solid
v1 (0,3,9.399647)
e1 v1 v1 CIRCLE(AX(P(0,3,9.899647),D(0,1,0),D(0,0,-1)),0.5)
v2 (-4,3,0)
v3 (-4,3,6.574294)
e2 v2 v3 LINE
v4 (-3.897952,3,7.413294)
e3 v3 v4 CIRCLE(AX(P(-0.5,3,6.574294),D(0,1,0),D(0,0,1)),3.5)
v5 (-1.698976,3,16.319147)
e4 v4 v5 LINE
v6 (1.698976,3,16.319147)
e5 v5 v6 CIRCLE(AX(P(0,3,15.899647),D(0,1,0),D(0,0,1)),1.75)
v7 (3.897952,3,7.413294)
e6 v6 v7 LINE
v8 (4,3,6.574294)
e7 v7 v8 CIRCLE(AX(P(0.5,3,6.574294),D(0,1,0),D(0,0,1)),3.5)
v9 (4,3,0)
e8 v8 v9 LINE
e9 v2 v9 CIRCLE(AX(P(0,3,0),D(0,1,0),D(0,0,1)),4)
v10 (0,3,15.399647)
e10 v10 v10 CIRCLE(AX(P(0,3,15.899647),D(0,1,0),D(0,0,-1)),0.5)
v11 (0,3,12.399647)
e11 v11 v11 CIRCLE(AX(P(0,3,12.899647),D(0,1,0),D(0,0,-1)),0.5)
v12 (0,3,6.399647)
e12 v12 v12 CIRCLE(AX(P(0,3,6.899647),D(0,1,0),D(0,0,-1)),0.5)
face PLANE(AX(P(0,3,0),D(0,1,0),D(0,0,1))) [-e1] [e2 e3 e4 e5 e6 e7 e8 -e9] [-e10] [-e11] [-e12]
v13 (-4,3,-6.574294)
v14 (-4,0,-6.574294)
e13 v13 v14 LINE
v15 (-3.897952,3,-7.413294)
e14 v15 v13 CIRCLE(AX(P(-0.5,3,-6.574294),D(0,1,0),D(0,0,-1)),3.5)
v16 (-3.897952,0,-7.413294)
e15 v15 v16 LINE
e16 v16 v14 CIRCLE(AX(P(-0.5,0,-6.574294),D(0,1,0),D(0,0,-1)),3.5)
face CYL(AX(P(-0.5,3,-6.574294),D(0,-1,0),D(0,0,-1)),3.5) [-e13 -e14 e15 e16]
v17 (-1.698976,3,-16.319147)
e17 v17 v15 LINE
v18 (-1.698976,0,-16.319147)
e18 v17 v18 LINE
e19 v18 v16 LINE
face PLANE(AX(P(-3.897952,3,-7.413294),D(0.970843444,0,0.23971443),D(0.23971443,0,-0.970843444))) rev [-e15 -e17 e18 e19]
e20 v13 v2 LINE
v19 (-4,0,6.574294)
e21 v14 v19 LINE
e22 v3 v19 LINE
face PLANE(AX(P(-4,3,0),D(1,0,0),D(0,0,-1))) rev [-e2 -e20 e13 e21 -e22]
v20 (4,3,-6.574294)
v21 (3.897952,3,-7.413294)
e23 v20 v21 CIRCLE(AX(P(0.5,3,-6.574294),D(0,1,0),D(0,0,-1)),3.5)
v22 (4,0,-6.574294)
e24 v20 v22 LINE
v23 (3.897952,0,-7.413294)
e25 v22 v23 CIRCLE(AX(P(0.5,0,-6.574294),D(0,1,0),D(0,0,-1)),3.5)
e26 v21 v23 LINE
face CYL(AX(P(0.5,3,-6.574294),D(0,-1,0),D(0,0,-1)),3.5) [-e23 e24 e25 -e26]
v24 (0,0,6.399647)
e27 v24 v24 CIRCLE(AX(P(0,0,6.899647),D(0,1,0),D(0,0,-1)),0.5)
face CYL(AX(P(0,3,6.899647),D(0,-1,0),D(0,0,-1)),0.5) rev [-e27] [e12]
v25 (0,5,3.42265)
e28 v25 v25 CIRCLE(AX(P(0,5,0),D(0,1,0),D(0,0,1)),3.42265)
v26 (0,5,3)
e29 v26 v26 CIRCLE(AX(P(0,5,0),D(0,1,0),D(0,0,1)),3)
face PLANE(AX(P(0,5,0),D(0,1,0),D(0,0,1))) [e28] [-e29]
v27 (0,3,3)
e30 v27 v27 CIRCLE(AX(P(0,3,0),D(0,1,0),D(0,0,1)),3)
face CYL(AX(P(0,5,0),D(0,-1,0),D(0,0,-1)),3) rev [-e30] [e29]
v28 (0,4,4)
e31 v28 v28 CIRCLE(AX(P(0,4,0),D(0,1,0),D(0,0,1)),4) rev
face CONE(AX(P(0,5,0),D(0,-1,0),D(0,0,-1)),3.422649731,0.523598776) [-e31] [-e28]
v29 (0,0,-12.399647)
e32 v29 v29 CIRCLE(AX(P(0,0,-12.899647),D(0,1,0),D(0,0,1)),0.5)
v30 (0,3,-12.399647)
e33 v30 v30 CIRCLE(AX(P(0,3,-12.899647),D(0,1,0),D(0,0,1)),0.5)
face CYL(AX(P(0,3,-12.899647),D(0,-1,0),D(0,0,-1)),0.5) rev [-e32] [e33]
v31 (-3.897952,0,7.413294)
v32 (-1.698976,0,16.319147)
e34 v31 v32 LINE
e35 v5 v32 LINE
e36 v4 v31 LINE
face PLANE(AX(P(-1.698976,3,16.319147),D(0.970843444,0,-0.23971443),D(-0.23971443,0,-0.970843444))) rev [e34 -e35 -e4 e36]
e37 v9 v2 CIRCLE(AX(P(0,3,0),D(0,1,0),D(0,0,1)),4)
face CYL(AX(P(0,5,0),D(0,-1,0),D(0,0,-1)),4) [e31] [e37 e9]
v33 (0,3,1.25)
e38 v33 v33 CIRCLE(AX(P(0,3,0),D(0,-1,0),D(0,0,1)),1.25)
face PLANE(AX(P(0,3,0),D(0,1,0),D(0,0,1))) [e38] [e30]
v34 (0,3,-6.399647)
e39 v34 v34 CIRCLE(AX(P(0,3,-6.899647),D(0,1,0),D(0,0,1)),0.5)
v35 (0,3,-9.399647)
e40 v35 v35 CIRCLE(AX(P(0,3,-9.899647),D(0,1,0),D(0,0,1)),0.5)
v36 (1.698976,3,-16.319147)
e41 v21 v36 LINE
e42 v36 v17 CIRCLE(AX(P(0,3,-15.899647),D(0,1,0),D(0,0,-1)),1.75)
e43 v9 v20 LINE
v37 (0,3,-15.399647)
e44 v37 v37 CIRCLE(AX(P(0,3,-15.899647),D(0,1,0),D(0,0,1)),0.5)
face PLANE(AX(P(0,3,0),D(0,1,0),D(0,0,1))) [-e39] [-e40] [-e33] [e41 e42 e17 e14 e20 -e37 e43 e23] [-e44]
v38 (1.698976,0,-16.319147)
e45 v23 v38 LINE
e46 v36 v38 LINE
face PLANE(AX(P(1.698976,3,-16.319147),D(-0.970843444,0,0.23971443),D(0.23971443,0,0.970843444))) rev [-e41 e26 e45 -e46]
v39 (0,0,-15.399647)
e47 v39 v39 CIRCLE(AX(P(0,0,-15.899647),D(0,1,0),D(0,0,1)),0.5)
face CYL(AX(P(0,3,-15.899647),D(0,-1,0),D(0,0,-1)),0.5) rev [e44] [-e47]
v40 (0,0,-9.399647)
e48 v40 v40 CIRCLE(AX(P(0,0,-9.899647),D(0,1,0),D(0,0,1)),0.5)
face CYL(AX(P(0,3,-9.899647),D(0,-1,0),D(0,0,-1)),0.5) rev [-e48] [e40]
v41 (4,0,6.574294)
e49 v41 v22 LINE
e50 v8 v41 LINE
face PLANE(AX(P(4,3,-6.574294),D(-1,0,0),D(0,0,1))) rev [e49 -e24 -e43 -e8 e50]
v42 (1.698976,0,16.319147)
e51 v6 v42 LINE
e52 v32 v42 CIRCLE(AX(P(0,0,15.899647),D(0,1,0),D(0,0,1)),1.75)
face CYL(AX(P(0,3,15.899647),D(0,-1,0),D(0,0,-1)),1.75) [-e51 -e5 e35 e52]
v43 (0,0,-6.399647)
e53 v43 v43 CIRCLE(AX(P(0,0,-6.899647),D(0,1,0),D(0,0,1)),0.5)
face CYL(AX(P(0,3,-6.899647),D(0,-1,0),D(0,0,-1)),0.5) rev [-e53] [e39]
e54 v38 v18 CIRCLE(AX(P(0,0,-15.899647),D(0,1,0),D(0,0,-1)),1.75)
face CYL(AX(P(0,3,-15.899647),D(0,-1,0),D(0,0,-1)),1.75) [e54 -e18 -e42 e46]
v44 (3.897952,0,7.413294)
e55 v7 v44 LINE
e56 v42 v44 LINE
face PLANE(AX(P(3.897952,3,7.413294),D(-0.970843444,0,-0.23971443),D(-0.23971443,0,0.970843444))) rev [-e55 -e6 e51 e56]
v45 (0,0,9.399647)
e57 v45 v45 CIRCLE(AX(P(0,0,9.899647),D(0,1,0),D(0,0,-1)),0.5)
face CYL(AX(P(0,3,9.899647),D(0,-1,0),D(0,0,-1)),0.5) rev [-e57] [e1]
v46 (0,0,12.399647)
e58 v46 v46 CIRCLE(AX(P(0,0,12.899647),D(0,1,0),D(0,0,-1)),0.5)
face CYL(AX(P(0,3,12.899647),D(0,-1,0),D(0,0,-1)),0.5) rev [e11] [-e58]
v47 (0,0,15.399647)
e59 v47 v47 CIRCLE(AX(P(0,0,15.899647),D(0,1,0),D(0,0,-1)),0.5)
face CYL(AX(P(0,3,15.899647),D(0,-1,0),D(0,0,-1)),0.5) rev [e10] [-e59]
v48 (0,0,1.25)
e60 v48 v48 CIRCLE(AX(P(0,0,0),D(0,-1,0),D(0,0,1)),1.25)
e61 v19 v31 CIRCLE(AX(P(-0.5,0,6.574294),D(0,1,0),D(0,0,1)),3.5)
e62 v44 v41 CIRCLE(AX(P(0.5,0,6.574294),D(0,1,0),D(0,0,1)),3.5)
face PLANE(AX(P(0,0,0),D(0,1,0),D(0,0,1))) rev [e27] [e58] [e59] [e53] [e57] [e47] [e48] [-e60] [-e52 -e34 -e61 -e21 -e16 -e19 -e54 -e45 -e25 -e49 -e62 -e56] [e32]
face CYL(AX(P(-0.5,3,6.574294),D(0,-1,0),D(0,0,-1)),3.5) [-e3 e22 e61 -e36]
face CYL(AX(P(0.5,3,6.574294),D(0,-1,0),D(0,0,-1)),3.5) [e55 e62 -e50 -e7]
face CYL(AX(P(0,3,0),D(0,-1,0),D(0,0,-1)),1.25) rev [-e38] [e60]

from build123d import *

# Parameters (mm, degrees)
CROQUIS1_R              = 0.5
SALIENTE_EXTRUIR1_DEPTH = 3
MATRIZC1_COUNT          = 2
CROQUIS2_R              = 4
CROQUIS2_R_2            = 3
SALIENTE_EXTRUIR2_DEPTH = 2
CHAFL_N1_SIZE           = 1
CHAFL_N1_SIZE2          = 0.577350269


with BuildPart() as part:
    # Croquis1 → Saliente-Extruir1 (new body)
    with BuildSketch(Plane(origin=(0, 0, 0), x_dir=(1, 0, 0), z_dir=(0, 1, 0))):
        with BuildLine():
            Line((-4, 0), (-4, 6.574293681))
            ThreePointArc((-4, 6.574293681), (-3.974394349, 6.996885575), (-3.897952052, 7.413294188))
            Line((-3.897952052, 7.413294188), (-1.698976026, 16.319147094))
            ThreePointArc((-1.698976026, 16.319147094), (0, 17.649646841), (1.698976026, 16.319147094))
            Line((1.698976026, 16.319147094), (3.897952052, 7.413294188))
            ThreePointArc((3.897952052, 7.413294188), (3.974394349, 6.996885575), (4, 6.574293681))
            Line((4, 6.574293681), (4, 0))
            Line((4, 0), (1.25, 0))
            ThreePointArc((1.25, 0), (0, 1.25), (-1.25, 0))
            Line((-1.25, 0), (-4, 0))
        make_face()
        with Locations((0, 15.899646841)):
            Circle(CROQUIS1_R, mode=Mode.SUBTRACT)
        with Locations((0, 12.899646841)):
            Circle(CROQUIS1_R, mode=Mode.SUBTRACT)
        with Locations((0, 9.899646841)):
            Circle(CROQUIS1_R, mode=Mode.SUBTRACT)
        with Locations((0, 6.899646841)):
            Circle(CROQUIS1_R, mode=Mode.SUBTRACT)
    saliente_extruir1 = extrude(amount=SALIENTE_EXTRUIR1_DEPTH)

    # MatrizC1: Saliente-Extruir1 ×2 about axis
    matrizc1_axis = Axis((0, 0, 0), (0, 1, 0))
    for i in range(1, MATRIZC1_COUNT):
        add(saliente_extruir1.rotate(matrizc1_axis, i * 360 / MATRIZC1_COUNT))

    # Croquis2 → Saliente-Extruir2 (add)
    with BuildSketch(Plane(origin=(0, 3, 0), x_dir=(1, 0, 0), z_dir=(0, 1, 0))):
        Circle(CROQUIS2_R)
        Circle(CROQUIS2_R_2, mode=Mode.SUBTRACT)
    extrude(amount=SALIENTE_EXTRUIR2_DEPTH)

    # Chaflán1
    chafl_n1_edges = [part.edges().sort_by_distance(p)[0] for p in [
        (-4, 5, 0),
    ]]
    chafl_n1_side = [part.faces().sort_by_distance(p)[0] for p in [
        (-4, 4, 0),
    ]]
    chamfer(chafl_n1_edges, length=CHAFL_N1_SIZE, length2=CHAFL_N1_SIZE2, reference=chafl_n1_side[0])


solid = part.part
